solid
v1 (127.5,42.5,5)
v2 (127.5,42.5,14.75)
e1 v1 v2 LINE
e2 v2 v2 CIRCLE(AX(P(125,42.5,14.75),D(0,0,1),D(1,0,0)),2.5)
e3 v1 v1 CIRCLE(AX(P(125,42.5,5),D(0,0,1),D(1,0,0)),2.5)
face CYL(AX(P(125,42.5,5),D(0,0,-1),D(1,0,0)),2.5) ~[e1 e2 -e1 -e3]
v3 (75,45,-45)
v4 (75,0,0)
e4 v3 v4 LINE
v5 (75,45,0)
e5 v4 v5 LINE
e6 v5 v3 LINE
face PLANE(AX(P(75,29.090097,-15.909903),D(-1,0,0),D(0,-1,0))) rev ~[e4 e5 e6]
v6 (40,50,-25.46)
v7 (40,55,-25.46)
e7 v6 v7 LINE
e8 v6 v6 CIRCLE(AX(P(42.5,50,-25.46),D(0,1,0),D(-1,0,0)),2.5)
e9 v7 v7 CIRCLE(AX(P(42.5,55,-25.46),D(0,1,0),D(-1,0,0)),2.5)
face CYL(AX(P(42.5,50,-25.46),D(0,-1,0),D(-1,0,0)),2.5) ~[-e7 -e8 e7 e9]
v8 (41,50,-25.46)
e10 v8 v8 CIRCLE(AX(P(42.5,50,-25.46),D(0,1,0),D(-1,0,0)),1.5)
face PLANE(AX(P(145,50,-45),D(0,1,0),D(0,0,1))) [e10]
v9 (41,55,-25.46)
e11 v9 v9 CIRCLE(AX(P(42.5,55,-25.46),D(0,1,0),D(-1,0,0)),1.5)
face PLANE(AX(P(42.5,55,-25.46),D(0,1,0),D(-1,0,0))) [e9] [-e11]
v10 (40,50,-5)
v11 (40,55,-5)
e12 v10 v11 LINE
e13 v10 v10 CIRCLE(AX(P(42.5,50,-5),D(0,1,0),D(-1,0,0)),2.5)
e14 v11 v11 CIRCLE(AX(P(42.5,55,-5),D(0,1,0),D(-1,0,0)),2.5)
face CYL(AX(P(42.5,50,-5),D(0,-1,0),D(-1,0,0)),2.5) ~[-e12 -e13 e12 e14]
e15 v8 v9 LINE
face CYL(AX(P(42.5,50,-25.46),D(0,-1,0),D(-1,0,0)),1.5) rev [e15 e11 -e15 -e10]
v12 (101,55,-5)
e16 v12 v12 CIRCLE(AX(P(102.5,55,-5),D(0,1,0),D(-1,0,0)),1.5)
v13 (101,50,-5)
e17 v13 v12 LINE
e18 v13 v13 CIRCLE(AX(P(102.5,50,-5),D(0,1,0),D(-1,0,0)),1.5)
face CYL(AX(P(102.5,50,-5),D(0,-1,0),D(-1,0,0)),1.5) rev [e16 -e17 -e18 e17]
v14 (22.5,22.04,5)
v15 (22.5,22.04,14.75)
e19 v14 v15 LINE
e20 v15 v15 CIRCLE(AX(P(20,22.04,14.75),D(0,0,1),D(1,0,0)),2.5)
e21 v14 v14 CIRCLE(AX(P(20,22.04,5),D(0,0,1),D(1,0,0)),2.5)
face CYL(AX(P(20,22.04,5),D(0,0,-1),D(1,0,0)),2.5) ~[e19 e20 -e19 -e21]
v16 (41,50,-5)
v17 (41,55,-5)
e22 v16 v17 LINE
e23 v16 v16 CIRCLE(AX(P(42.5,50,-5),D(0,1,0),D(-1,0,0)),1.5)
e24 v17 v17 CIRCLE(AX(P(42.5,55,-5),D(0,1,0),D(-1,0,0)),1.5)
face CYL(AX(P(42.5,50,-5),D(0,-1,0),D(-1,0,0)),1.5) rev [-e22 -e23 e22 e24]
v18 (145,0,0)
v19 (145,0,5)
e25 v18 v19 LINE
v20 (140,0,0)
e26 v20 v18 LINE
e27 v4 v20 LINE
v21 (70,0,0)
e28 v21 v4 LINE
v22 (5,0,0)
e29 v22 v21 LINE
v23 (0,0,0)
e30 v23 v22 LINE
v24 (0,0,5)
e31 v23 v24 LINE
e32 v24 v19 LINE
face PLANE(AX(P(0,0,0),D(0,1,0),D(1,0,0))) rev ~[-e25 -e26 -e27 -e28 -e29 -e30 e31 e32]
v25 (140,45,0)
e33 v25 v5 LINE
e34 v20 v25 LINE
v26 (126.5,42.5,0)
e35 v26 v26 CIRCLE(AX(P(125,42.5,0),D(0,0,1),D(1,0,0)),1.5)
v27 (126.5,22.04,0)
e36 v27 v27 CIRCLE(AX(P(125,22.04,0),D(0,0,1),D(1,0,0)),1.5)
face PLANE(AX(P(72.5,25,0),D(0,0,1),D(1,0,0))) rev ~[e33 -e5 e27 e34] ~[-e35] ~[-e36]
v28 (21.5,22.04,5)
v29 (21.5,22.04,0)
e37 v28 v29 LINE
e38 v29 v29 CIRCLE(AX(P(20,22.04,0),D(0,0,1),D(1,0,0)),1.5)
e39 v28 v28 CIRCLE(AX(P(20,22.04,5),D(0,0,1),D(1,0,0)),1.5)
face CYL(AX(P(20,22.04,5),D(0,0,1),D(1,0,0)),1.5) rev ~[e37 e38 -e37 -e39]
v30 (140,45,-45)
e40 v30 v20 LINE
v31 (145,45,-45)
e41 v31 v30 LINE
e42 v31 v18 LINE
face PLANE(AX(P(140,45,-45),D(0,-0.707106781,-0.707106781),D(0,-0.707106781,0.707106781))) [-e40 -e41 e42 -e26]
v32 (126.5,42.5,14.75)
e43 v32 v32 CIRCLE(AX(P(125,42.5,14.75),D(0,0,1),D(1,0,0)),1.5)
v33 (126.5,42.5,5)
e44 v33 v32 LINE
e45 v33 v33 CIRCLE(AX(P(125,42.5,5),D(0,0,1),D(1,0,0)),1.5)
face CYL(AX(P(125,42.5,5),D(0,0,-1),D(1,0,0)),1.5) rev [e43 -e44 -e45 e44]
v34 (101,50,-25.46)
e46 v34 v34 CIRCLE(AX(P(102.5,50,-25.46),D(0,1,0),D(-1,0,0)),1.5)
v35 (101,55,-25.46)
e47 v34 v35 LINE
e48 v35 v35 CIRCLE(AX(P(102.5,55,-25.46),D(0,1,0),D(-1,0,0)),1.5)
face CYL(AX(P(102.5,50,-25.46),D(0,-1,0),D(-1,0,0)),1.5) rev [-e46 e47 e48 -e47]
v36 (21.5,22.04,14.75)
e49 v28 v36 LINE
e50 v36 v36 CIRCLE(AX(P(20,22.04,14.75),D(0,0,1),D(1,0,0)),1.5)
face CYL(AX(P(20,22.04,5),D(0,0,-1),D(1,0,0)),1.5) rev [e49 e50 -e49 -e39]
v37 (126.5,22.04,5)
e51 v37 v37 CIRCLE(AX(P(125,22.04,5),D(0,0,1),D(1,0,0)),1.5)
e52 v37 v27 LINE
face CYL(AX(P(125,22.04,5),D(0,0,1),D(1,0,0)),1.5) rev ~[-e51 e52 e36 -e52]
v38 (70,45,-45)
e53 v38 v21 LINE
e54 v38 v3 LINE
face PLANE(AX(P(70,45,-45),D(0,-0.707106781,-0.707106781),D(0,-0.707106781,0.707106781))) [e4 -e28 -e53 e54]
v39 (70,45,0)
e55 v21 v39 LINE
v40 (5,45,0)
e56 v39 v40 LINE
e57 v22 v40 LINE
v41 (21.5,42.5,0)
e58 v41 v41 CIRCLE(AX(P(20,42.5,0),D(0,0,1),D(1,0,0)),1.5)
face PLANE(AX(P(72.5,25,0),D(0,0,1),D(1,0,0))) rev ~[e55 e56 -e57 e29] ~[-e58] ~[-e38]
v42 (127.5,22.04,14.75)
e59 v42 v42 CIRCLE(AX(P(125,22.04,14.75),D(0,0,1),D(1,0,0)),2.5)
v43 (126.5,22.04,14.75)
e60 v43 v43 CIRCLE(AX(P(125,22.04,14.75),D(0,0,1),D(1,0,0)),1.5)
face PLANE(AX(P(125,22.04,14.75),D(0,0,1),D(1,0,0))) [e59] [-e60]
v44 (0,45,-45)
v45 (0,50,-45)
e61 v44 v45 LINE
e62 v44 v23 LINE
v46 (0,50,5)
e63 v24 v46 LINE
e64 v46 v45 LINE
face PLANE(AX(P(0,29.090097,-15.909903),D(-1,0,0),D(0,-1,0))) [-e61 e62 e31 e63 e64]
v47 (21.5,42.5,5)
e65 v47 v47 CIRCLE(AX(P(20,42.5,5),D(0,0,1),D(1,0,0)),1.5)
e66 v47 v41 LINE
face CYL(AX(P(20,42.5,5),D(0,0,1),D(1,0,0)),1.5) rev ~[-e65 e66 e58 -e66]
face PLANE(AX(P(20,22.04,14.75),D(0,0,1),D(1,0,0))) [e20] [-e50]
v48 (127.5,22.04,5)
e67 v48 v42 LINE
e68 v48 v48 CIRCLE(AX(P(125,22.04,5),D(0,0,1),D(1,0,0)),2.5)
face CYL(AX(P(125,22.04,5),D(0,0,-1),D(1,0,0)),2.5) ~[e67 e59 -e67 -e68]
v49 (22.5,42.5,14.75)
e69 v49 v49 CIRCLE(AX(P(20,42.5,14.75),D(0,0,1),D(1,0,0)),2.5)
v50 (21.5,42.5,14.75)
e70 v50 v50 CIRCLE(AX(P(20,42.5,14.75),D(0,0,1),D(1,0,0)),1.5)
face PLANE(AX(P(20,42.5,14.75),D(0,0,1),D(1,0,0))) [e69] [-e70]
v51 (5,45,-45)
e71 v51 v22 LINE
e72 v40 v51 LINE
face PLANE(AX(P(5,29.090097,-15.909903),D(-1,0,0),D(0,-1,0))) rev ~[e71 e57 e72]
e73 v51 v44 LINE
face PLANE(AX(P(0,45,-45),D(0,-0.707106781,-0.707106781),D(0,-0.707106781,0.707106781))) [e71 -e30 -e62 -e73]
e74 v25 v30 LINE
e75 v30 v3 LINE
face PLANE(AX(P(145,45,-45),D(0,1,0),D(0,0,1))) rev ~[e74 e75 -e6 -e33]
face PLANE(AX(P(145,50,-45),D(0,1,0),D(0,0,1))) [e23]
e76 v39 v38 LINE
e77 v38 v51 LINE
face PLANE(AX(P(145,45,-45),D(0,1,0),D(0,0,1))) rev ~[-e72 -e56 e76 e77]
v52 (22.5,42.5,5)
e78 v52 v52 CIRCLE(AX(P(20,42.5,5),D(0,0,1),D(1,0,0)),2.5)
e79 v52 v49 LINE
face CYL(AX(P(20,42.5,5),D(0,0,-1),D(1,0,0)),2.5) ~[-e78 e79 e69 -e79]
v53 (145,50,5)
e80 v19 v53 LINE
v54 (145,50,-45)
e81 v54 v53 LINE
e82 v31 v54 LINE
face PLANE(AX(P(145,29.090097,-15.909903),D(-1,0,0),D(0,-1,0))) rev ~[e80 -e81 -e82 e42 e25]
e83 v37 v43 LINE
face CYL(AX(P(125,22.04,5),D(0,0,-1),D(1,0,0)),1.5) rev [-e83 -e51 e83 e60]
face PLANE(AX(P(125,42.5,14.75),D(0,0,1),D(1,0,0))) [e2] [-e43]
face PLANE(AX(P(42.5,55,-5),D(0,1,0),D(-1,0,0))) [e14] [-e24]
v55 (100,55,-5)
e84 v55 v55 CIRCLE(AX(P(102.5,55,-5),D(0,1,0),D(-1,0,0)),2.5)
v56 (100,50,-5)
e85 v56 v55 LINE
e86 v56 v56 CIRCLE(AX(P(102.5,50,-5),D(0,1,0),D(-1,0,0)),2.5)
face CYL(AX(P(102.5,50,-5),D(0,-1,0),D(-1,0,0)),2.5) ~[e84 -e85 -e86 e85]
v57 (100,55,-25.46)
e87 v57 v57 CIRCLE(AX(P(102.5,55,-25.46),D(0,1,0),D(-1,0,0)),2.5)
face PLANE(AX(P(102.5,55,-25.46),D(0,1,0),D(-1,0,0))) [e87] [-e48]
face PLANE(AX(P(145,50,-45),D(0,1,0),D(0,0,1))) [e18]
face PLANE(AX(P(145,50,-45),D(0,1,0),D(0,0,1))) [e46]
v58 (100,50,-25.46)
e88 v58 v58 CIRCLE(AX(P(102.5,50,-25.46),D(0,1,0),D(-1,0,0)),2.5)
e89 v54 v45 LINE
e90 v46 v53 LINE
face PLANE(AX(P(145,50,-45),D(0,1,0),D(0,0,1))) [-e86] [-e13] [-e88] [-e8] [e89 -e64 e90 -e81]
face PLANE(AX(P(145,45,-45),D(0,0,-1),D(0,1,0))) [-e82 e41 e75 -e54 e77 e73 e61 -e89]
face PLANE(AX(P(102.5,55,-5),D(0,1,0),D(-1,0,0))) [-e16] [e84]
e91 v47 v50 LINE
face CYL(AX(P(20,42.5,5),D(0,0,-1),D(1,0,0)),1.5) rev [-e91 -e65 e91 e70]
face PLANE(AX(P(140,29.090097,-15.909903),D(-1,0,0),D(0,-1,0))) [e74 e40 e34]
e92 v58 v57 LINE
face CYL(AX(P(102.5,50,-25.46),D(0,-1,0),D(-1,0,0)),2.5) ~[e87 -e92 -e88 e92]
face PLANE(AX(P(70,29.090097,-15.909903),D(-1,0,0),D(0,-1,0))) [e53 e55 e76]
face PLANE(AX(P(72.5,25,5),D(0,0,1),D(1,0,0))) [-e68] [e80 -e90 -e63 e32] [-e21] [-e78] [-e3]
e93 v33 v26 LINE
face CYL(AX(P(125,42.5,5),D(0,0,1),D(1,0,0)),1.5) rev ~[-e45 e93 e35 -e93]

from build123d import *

# Parameters (mm, degrees)
F0_W      = 145
F0_H      = 50
F1_DEPTH  = 5
F2_R      = 2.5
F2_R_2    = 1.5
F3_DEPTH  = 9.75
F4_R      = 1.5
F5_DEPTH  = 25
F6_W      = 5
F6_H      = 45
F7_DEPTH  = 145
F9_DEPTH  = 5
F10_START = -70
F10_DEPTH = 5
F11_START = -140
F11_DEPTH = 5
F12_R     = 2.5
F12_R_2   = 1.5
F13_DEPTH = 5


with BuildPart() as f1:
    # F0 (on Top) → F1 (new body)
    with BuildSketch(Plane.XY):
        with Locations((72.5, 25)):
            Rectangle(F0_W, F0_H)
    extrude(amount=F1_DEPTH)

    # F2 (on face) → F3 (join)
    with BuildSketch(Plane.XY.offset(5)):
        with Locations((20, 42.5)):
            Circle(F2_R)
        with Locations((20, 42.5)):
            Circle(F2_R_2, mode=Mode.SUBTRACT)
        with Locations((20, 22.04)):
            Circle(F2_R)
        with Locations((20, 22.04)):
            Circle(F2_R_2, mode=Mode.SUBTRACT)
        with Locations((125, 42.5)):
            Circle(F2_R)
        with Locations((125, 42.5)):
            Circle(F2_R_2, mode=Mode.SUBTRACT)
        with Locations((125, 22.04)):
            Circle(F2_R)
        with Locations((125, 22.04)):
            Circle(F2_R_2, mode=Mode.SUBTRACT)
    extrude(amount=F3_DEPTH)

    # F4 (on face) → F5 (cut)
    with BuildSketch(Plane.XY.offset(5)):
        with Locations((20, 42.5)):
            Circle(F4_R)
        with Locations((20, 22.04)):
            Circle(F4_R)
        with Locations((125, 42.5)):
            Circle(F4_R)
        with Locations((125, 22.04)):
            Circle(F4_R)
    extrude(amount=-F5_DEPTH, mode=Mode.SUBTRACT)

    # F6 (on face) → F7 (join, through all)
    with BuildSketch(Plane.YZ.offset(145)):
        with Locations((47.5, -22.5)):
            Rectangle(F6_W, F6_H)
    extrude(amount=-F7_DEPTH)

    # F8 (on face) → F9 (join)
    with BuildSketch(Plane(origin=(0, 0, 0), x_dir=(0, -1, 0), z_dir=(-1, 0, 0))):
        Polygon((-45, 0), (-45, -45), (0, 0), align=None)
    extrude(amount=-F9_DEPTH)

    # F8 (on face) → F10 (join)
    with BuildSketch(Plane(origin=(0, 0, 0), x_dir=(0, -1, 0), z_dir=(-1, 0, 0)).offset(F10_START)):
        Polygon((-45, 0), (-45, -45), (0, 0), align=None)
    extrude(amount=-F10_DEPTH)

    # F8 (on face) → F11 (join)
    with BuildSketch(Plane(origin=(0, 0, 0), x_dir=(0, -1, 0), z_dir=(-1, 0, 0)).offset(F11_START)):
        Polygon((-45, 0), (-45, -45), (0, 0), align=None)
    extrude(amount=-F11_DEPTH)

    # F12 (on face) → F13 (join)
    with BuildSketch(Plane(origin=(0, 50, 0), x_dir=(-1, 0, 0), z_dir=(0, 1, 0))):
        with Locations((-102.5, -5)):
            Circle(F12_R)
        with Locations((-102.5, -5)):
            Circle(F12_R_2, mode=Mode.SUBTRACT)
        with Locations((-102.5, -25.46)):
            Circle(F12_R)
        with Locations((-102.5, -25.46)):
            Circle(F12_R_2, mode=Mode.SUBTRACT)
        with Locations((-42.5, -5)):
            Circle(F12_R)
        with Locations((-42.5, -5)):
            Circle(F12_R_2, mode=Mode.SUBTRACT)
        with Locations((-42.5, -25.46)):
            Circle(F12_R)
        with Locations((-42.5, -25.46)):
            Circle(F12_R_2, mode=Mode.SUBTRACT)
    extrude(amount=F13_DEPTH)


solid = f1.part
